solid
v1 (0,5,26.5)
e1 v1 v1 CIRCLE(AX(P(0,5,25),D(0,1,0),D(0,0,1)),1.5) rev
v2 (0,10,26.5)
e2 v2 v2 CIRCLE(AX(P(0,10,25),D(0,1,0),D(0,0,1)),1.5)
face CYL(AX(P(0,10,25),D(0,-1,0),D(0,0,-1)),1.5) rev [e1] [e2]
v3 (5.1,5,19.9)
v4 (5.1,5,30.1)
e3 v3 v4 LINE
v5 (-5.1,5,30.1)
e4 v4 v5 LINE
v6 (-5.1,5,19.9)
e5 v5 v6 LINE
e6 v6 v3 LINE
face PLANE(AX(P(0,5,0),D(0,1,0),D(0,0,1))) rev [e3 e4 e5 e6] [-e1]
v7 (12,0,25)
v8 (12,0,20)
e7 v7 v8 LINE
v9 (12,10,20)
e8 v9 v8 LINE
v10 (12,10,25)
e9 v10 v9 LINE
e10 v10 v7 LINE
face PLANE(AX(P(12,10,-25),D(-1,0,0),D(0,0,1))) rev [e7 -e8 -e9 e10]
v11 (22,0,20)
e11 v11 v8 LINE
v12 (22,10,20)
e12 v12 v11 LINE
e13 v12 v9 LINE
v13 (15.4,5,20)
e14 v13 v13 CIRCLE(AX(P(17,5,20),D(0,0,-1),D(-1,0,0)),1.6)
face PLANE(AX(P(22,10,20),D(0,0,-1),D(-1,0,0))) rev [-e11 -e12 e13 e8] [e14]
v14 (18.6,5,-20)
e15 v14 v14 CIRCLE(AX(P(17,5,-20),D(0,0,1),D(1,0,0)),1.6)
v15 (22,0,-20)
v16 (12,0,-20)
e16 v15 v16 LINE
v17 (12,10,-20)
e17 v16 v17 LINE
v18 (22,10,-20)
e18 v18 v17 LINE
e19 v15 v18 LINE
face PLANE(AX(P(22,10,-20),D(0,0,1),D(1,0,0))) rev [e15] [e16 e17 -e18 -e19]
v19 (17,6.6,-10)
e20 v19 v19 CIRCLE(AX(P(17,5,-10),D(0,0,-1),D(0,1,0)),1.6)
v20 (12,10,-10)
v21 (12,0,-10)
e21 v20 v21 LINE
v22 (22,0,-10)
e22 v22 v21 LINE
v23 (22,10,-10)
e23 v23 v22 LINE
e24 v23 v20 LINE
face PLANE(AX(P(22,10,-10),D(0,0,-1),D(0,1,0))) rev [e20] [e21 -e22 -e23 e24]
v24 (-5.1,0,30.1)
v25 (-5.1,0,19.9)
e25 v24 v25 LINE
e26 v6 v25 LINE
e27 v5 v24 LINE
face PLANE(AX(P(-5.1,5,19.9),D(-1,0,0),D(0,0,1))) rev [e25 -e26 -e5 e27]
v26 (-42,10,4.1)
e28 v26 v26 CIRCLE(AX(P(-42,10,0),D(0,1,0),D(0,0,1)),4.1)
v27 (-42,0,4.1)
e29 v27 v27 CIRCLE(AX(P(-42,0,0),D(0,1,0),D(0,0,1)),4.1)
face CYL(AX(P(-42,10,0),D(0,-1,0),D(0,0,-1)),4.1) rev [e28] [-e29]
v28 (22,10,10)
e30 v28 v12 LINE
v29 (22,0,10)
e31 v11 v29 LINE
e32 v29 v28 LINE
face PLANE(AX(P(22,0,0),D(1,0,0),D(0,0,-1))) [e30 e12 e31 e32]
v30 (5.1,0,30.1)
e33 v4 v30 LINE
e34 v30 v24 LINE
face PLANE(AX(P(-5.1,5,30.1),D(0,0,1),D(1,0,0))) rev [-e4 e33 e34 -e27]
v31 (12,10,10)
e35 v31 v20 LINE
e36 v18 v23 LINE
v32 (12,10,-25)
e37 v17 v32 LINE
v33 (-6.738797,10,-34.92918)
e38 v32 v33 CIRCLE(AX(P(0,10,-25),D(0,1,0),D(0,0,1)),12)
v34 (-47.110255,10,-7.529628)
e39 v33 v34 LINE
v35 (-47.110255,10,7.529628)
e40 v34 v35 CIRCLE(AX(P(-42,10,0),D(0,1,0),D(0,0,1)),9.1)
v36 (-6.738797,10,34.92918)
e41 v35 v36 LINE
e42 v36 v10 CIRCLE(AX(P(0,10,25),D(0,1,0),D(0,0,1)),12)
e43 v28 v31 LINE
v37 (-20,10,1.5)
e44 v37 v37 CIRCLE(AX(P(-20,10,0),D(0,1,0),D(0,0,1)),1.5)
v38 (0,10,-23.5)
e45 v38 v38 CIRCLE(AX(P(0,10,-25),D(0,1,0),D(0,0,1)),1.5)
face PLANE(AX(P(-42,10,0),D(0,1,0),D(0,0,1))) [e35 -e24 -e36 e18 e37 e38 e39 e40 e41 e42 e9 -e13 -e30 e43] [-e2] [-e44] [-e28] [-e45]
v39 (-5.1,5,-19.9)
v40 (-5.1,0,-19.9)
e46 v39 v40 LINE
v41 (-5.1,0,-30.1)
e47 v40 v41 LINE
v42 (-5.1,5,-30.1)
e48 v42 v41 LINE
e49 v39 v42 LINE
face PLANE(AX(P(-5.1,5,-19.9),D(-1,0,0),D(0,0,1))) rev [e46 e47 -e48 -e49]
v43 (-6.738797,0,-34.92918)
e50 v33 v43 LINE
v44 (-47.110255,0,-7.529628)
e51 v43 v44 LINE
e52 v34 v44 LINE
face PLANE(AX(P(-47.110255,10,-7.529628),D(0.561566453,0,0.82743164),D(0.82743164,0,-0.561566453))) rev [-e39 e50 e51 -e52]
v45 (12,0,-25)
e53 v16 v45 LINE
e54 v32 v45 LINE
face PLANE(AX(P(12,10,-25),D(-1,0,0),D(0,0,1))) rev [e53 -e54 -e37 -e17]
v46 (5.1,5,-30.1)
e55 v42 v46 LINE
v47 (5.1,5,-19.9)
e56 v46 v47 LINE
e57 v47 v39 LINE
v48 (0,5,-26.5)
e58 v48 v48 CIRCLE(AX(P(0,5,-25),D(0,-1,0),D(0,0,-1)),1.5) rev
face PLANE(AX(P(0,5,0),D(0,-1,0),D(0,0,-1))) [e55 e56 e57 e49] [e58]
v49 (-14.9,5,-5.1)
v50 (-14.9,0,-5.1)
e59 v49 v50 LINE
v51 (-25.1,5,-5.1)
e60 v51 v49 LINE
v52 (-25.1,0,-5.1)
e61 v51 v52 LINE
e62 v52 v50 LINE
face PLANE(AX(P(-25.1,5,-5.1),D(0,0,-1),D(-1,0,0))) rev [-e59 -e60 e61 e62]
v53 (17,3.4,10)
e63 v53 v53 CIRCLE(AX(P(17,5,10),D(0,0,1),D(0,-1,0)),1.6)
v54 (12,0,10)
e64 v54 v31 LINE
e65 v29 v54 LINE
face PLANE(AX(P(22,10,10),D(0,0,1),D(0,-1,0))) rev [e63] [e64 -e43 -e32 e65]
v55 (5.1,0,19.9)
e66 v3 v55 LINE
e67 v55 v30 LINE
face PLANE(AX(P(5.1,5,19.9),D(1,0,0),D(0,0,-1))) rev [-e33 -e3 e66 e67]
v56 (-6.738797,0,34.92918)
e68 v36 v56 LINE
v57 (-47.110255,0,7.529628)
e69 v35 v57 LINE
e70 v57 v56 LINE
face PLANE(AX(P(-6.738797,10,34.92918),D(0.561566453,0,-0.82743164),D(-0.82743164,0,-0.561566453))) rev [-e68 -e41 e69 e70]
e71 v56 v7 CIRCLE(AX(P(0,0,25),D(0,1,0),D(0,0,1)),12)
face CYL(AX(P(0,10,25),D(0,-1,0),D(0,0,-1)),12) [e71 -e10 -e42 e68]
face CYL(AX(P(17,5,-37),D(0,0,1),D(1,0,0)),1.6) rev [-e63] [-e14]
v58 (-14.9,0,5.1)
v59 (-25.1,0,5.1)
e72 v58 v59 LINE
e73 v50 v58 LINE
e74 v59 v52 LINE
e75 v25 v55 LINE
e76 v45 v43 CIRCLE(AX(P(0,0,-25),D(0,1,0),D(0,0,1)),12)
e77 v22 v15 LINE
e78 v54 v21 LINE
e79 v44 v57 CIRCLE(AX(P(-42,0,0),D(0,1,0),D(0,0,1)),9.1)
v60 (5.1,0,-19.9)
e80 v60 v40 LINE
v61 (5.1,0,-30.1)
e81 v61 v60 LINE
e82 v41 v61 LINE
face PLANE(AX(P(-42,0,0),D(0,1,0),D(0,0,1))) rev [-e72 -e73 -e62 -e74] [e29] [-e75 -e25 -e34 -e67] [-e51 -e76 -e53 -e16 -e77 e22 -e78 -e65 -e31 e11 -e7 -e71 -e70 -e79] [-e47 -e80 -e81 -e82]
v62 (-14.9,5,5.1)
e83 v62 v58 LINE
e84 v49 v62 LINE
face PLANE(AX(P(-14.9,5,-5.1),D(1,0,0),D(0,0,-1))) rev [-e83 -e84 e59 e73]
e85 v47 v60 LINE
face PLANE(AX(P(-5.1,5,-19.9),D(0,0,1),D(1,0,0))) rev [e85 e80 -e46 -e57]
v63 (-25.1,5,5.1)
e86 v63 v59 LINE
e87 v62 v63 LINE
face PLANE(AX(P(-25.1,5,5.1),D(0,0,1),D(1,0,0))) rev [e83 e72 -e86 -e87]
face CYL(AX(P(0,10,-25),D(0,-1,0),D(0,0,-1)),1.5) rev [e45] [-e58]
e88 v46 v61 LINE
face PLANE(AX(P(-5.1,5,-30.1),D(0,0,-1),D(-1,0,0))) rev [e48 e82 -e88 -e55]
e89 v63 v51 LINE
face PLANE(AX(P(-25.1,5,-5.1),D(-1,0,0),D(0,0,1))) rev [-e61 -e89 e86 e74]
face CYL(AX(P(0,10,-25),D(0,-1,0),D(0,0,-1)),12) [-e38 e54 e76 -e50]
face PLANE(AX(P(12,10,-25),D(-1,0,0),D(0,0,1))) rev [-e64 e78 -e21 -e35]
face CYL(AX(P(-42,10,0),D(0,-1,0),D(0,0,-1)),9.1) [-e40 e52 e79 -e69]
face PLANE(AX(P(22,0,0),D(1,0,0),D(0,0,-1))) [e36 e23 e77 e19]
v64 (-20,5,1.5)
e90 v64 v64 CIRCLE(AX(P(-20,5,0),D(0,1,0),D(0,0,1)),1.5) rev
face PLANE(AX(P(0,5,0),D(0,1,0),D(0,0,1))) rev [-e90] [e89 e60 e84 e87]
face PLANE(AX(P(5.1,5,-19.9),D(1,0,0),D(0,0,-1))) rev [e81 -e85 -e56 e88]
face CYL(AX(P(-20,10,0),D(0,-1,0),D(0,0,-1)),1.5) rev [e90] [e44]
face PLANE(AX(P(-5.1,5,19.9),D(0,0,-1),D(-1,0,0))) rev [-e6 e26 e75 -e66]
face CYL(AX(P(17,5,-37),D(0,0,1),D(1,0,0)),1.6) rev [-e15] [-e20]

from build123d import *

# Parameters (mm, degrees)
SKETCH_1_R               = 4.1
EXTRUDE_1_DEPTH          = 10
SKETCH_2_W               = 10.2
SKETCH_2_H               = 10.2
CUT_EXTRUDE_1_DEPTH      = 5
SKETCH_3_W               = 10
SKETCH_3_H               = 10
EXTRUDE_2_DEPTH          = 10
CUT_EXTRUDE_2_DEPTH      = 64.876521508
CUT_EXTRUDE_2_DEPTH_BACK = 64.876521508
SKETCH_4_R               = 1.6
SKETCH_5_R               = 1.5
CUT_EXTRUDE_3_DEPTH      = 64.876521508


with BuildPart() as part:
    # ｽｹｯﾁ1 → ﾎﾞｽ - 押し出し1 (new body)
    with BuildSketch(Plane(origin=(0, 0, 0), x_dir=(1, 0, 0), z_dir=(0, 1, 0))):
        with BuildLine():
            Line((-47.110254718, 7.529627927), (-6.738797431, 34.929179684))
            ThreePointArc((-6.738797431, 34.929179684), (5.618470914, 35.603432679), (12, 25))
            Line((12, 25), (12, -25))
            ThreePointArc((12, -25), (5.618470914, -35.603432679), (-6.738797431, -34.929179684))
            Line((-6.738797431, -34.929179684), (-47.110254718, -7.529627927))
            ThreePointArc((-47.110254718, -7.529627927), (-51.1, 0), (-47.110254718, 7.529627927))
        make_face()
        with Locations(Location((-42, 0, 0), (0, 0, 270))):
            Circle(SKETCH_1_R, mode=Mode.SUBTRACT)
    extrude(amount=EXTRUDE_1_DEPTH)

    # ｽｹｯﾁ2 → ｶｯﾄ - 押し出し1 (cut)
    with BuildSketch(Plane.XZ):
        with Locations((0, 25)):
            Rectangle(SKETCH_2_W, SKETCH_2_H)
        with Locations((0, -25)):
            Rectangle(SKETCH_2_W, SKETCH_2_H)
        with Locations((-20, 0)):
            Rectangle(SKETCH_2_W, SKETCH_2_H)
    extrude(amount=-CUT_EXTRUDE_1_DEPTH, mode=Mode.SUBTRACT)

    # ｽｹｯﾁ3 → ﾎﾞｽ - 押し出し2 (add)
    with BuildSketch(Plane(origin=(12, 0, 0), x_dir=(0, 0, -1), z_dir=(1, 0, 0))):
        with Locations((-15, 5)):
            Rectangle(SKETCH_3_W, SKETCH_3_H)
        with Locations((15, 5)):
            Rectangle(SKETCH_3_W, SKETCH_3_H)
    extrude(amount=EXTRUDE_2_DEPTH)

    # ｽｹｯﾁ4 → ｶｯﾄ - 押し出し2 (cut, two sides: drawn at the far end of the back side and taken through both)
    with BuildSketch(Plane.XY.offset(-CUT_EXTRUDE_2_DEPTH_BACK)):
        with Locations((17, 5)):
            Circle(SKETCH_4_R)
    extrude(amount=CUT_EXTRUDE_2_DEPTH + CUT_EXTRUDE_2_DEPTH_BACK, mode=Mode.SUBTRACT)

    # ｽｹｯﾁ5 → ｶｯﾄ - 押し出し3 (cut, through all)
    with BuildSketch(Plane(origin=(0, 0, 0), x_dir=(1, 0, 0), z_dir=(0, 1, 0))):
        with Locations(Location((0, -25, 0), (0, 0, 270))):
            Circle(SKETCH_5_R)
        with Locations(Location((-20, 0, 0), (0, 0, 270))):
            Circle(SKETCH_5_R)
        with Locations(Location((0, 25, 0), (0, 0, 90))):
            Circle(SKETCH_5_R)
    extrude(amount=CUT_EXTRUDE_3_DEPTH, mode=Mode.SUBTRACT)


solid = part.part
